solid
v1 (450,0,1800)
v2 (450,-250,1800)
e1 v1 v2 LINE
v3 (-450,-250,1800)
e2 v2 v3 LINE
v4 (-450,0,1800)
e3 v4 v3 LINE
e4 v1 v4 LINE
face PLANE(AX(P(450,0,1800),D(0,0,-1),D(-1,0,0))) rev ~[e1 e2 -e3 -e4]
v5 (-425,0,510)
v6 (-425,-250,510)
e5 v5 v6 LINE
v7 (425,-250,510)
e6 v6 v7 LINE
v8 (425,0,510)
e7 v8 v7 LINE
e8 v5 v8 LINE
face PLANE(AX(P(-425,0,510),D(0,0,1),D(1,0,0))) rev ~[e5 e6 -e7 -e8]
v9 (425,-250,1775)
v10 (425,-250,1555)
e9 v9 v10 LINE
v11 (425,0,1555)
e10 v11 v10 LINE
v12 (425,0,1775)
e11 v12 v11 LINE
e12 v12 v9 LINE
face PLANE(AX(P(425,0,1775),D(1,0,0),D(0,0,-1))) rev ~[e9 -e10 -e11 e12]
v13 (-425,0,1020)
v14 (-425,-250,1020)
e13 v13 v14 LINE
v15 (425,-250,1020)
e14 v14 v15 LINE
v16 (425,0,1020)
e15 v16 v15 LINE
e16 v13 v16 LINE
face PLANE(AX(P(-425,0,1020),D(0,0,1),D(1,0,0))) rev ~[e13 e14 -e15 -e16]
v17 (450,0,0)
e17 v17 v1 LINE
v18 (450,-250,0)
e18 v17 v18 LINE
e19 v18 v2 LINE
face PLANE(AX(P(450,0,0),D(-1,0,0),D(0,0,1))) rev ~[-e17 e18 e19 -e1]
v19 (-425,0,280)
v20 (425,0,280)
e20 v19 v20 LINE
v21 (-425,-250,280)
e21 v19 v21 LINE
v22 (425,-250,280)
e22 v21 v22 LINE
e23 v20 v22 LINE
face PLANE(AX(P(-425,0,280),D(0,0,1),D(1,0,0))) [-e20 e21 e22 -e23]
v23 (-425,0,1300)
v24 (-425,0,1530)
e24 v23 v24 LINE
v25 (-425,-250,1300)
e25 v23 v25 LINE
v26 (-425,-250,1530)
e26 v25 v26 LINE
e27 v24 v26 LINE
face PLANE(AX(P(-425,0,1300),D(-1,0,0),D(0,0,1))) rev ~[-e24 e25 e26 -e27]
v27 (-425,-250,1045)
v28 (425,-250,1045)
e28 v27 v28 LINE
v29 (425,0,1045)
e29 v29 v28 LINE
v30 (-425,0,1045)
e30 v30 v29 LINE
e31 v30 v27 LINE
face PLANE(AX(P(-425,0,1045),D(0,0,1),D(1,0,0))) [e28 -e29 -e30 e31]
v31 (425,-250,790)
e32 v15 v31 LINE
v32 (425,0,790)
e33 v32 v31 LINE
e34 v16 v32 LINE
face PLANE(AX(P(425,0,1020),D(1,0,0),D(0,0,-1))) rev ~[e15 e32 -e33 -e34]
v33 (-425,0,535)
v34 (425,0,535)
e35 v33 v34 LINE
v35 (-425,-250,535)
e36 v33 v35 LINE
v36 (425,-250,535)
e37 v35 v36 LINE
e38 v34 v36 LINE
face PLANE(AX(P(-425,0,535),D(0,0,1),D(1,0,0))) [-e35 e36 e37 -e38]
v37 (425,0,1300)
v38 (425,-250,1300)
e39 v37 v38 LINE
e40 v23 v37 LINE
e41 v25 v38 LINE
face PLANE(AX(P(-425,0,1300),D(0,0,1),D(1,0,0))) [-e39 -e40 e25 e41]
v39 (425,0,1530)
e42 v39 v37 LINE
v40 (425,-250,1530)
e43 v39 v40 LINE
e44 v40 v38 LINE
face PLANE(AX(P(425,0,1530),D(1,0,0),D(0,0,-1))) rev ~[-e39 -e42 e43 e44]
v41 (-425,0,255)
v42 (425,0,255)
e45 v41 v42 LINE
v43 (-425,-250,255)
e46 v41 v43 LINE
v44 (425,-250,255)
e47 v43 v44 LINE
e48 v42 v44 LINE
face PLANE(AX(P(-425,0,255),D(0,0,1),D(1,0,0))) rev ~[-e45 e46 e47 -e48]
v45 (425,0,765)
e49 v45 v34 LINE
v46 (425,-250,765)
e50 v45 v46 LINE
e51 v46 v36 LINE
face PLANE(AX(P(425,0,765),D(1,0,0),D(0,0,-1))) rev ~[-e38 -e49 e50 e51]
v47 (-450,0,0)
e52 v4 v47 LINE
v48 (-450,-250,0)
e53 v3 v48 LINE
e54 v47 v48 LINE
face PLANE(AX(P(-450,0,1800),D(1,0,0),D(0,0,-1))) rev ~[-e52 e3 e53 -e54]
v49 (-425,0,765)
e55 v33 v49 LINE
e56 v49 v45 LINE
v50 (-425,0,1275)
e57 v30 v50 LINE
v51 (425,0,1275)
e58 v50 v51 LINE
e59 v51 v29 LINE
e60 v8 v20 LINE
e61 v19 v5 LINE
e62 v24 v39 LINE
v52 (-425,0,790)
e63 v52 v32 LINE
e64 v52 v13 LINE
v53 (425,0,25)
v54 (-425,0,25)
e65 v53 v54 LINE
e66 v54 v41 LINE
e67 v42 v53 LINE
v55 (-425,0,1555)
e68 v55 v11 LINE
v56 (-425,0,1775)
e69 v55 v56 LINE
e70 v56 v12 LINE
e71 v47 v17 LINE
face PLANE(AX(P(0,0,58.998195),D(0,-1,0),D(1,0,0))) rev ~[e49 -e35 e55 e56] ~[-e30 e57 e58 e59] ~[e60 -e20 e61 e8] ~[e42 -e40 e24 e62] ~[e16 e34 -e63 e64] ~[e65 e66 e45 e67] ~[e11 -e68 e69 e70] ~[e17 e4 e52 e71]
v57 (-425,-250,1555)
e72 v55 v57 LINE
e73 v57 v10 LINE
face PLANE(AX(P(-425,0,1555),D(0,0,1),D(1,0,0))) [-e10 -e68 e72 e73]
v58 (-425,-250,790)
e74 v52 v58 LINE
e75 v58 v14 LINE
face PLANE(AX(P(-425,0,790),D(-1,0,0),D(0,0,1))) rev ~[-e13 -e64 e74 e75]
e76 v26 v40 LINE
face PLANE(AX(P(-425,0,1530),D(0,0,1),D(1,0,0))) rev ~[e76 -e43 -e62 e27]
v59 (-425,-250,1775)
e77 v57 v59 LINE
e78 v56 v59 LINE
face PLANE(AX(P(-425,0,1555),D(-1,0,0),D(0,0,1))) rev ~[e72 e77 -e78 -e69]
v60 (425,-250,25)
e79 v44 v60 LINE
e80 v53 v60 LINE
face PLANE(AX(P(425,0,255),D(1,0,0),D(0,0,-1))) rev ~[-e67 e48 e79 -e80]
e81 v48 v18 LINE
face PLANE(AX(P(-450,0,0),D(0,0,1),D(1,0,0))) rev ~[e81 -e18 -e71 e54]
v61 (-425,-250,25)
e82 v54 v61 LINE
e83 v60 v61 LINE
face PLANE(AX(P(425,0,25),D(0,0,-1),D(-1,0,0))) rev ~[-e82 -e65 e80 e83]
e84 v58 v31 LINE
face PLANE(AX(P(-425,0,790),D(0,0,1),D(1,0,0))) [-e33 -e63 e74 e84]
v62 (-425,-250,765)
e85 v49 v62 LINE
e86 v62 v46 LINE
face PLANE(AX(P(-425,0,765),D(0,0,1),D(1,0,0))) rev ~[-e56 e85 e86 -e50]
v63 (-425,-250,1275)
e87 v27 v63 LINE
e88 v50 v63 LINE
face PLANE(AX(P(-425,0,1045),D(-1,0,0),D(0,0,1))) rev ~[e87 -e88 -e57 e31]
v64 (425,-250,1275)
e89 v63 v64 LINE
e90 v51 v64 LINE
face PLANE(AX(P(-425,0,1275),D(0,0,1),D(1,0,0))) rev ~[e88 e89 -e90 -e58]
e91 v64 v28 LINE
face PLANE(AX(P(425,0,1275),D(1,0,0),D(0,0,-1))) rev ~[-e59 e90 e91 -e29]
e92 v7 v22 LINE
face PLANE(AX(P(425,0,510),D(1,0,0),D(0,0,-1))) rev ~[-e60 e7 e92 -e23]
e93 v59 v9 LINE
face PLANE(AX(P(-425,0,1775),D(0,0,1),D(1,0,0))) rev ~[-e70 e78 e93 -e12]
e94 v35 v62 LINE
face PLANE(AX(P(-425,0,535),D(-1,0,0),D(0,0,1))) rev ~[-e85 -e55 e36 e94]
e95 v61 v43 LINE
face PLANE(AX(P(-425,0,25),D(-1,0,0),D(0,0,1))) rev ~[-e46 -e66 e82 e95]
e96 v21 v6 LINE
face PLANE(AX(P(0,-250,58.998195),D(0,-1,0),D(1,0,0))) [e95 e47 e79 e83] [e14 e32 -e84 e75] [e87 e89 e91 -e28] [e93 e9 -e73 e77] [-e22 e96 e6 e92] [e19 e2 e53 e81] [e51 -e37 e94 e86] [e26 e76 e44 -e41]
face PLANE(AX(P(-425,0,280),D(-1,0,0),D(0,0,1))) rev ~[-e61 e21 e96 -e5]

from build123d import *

# Parameters (mm, degrees)
F0_W     = 850
F0_H     = 25
F1_DEPTH = 250


with BuildPart() as f1:
    # F0 (on Front) → F1 (new body)
    with BuildSketch(Plane.XZ):
        Polygon((-450, 0), (450, 0), (450, 255), (425, 255), (425, 25), (-425, 25), (-425, 255), (-450, 255), align=None)
        Polygon((425, 255), (450, 255), (450, 510), (425, 510), (425, 280), align=None)
        Polygon((-450, 510), (-450, 255), (-425, 255), (-425, 280), (-425, 510), align=None)
        Polygon((425, 510), (450, 510), (450, 765), (425, 765), (425, 535), align=None)
        Polygon((-450, 765), (-450, 510), (-425, 510), (-425, 535), (-425, 765), align=None)
        Polygon((425, 765), (450, 765), (450, 1020), (425, 1020), (425, 790), align=None)
        Polygon((-450, 1020), (-450, 765), (-425, 765), (-425, 790), (-425, 1020), align=None)
        Polygon((425, 1020), (450, 1020), (450, 1275), (425, 1275), (425, 1045), align=None)
        Polygon((-450, 1275), (-450, 1020), (-425, 1020), (-425, 1045), (-425, 1275), align=None)
        Polygon((425, 1275), (450, 1275), (450, 1530), (425, 1530), (425, 1300), align=None)
        Polygon((-450, 1530), (-450, 1275), (-425, 1275), (-425, 1300), (-425, 1530), align=None)
        Polygon((425, 1530), (450, 1530), (450, 1800), (-450, 1800), (-450, 1530), (-425, 1530), (-425, 1555), (-425, 1775), (425, 1775), (425, 1555), align=None)
        with Locations((0, 1542.5)):
            Rectangle(F0_W, F0_H)
        with Locations((0, 1287.5)):
            Rectangle(F0_W, F0_H)
        with Locations((0, 1032.5)):
            Rectangle(F0_W, F0_H)
        with Locations((0, 777.5)):
            Rectangle(F0_W, F0_H)
        with Locations((0, 522.5)):
            Rectangle(F0_W, F0_H)
        with Locations((0, 267.5)):
            Rectangle(F0_W, F0_H)
    extrude(amount=F1_DEPTH)


solid = f1.part
